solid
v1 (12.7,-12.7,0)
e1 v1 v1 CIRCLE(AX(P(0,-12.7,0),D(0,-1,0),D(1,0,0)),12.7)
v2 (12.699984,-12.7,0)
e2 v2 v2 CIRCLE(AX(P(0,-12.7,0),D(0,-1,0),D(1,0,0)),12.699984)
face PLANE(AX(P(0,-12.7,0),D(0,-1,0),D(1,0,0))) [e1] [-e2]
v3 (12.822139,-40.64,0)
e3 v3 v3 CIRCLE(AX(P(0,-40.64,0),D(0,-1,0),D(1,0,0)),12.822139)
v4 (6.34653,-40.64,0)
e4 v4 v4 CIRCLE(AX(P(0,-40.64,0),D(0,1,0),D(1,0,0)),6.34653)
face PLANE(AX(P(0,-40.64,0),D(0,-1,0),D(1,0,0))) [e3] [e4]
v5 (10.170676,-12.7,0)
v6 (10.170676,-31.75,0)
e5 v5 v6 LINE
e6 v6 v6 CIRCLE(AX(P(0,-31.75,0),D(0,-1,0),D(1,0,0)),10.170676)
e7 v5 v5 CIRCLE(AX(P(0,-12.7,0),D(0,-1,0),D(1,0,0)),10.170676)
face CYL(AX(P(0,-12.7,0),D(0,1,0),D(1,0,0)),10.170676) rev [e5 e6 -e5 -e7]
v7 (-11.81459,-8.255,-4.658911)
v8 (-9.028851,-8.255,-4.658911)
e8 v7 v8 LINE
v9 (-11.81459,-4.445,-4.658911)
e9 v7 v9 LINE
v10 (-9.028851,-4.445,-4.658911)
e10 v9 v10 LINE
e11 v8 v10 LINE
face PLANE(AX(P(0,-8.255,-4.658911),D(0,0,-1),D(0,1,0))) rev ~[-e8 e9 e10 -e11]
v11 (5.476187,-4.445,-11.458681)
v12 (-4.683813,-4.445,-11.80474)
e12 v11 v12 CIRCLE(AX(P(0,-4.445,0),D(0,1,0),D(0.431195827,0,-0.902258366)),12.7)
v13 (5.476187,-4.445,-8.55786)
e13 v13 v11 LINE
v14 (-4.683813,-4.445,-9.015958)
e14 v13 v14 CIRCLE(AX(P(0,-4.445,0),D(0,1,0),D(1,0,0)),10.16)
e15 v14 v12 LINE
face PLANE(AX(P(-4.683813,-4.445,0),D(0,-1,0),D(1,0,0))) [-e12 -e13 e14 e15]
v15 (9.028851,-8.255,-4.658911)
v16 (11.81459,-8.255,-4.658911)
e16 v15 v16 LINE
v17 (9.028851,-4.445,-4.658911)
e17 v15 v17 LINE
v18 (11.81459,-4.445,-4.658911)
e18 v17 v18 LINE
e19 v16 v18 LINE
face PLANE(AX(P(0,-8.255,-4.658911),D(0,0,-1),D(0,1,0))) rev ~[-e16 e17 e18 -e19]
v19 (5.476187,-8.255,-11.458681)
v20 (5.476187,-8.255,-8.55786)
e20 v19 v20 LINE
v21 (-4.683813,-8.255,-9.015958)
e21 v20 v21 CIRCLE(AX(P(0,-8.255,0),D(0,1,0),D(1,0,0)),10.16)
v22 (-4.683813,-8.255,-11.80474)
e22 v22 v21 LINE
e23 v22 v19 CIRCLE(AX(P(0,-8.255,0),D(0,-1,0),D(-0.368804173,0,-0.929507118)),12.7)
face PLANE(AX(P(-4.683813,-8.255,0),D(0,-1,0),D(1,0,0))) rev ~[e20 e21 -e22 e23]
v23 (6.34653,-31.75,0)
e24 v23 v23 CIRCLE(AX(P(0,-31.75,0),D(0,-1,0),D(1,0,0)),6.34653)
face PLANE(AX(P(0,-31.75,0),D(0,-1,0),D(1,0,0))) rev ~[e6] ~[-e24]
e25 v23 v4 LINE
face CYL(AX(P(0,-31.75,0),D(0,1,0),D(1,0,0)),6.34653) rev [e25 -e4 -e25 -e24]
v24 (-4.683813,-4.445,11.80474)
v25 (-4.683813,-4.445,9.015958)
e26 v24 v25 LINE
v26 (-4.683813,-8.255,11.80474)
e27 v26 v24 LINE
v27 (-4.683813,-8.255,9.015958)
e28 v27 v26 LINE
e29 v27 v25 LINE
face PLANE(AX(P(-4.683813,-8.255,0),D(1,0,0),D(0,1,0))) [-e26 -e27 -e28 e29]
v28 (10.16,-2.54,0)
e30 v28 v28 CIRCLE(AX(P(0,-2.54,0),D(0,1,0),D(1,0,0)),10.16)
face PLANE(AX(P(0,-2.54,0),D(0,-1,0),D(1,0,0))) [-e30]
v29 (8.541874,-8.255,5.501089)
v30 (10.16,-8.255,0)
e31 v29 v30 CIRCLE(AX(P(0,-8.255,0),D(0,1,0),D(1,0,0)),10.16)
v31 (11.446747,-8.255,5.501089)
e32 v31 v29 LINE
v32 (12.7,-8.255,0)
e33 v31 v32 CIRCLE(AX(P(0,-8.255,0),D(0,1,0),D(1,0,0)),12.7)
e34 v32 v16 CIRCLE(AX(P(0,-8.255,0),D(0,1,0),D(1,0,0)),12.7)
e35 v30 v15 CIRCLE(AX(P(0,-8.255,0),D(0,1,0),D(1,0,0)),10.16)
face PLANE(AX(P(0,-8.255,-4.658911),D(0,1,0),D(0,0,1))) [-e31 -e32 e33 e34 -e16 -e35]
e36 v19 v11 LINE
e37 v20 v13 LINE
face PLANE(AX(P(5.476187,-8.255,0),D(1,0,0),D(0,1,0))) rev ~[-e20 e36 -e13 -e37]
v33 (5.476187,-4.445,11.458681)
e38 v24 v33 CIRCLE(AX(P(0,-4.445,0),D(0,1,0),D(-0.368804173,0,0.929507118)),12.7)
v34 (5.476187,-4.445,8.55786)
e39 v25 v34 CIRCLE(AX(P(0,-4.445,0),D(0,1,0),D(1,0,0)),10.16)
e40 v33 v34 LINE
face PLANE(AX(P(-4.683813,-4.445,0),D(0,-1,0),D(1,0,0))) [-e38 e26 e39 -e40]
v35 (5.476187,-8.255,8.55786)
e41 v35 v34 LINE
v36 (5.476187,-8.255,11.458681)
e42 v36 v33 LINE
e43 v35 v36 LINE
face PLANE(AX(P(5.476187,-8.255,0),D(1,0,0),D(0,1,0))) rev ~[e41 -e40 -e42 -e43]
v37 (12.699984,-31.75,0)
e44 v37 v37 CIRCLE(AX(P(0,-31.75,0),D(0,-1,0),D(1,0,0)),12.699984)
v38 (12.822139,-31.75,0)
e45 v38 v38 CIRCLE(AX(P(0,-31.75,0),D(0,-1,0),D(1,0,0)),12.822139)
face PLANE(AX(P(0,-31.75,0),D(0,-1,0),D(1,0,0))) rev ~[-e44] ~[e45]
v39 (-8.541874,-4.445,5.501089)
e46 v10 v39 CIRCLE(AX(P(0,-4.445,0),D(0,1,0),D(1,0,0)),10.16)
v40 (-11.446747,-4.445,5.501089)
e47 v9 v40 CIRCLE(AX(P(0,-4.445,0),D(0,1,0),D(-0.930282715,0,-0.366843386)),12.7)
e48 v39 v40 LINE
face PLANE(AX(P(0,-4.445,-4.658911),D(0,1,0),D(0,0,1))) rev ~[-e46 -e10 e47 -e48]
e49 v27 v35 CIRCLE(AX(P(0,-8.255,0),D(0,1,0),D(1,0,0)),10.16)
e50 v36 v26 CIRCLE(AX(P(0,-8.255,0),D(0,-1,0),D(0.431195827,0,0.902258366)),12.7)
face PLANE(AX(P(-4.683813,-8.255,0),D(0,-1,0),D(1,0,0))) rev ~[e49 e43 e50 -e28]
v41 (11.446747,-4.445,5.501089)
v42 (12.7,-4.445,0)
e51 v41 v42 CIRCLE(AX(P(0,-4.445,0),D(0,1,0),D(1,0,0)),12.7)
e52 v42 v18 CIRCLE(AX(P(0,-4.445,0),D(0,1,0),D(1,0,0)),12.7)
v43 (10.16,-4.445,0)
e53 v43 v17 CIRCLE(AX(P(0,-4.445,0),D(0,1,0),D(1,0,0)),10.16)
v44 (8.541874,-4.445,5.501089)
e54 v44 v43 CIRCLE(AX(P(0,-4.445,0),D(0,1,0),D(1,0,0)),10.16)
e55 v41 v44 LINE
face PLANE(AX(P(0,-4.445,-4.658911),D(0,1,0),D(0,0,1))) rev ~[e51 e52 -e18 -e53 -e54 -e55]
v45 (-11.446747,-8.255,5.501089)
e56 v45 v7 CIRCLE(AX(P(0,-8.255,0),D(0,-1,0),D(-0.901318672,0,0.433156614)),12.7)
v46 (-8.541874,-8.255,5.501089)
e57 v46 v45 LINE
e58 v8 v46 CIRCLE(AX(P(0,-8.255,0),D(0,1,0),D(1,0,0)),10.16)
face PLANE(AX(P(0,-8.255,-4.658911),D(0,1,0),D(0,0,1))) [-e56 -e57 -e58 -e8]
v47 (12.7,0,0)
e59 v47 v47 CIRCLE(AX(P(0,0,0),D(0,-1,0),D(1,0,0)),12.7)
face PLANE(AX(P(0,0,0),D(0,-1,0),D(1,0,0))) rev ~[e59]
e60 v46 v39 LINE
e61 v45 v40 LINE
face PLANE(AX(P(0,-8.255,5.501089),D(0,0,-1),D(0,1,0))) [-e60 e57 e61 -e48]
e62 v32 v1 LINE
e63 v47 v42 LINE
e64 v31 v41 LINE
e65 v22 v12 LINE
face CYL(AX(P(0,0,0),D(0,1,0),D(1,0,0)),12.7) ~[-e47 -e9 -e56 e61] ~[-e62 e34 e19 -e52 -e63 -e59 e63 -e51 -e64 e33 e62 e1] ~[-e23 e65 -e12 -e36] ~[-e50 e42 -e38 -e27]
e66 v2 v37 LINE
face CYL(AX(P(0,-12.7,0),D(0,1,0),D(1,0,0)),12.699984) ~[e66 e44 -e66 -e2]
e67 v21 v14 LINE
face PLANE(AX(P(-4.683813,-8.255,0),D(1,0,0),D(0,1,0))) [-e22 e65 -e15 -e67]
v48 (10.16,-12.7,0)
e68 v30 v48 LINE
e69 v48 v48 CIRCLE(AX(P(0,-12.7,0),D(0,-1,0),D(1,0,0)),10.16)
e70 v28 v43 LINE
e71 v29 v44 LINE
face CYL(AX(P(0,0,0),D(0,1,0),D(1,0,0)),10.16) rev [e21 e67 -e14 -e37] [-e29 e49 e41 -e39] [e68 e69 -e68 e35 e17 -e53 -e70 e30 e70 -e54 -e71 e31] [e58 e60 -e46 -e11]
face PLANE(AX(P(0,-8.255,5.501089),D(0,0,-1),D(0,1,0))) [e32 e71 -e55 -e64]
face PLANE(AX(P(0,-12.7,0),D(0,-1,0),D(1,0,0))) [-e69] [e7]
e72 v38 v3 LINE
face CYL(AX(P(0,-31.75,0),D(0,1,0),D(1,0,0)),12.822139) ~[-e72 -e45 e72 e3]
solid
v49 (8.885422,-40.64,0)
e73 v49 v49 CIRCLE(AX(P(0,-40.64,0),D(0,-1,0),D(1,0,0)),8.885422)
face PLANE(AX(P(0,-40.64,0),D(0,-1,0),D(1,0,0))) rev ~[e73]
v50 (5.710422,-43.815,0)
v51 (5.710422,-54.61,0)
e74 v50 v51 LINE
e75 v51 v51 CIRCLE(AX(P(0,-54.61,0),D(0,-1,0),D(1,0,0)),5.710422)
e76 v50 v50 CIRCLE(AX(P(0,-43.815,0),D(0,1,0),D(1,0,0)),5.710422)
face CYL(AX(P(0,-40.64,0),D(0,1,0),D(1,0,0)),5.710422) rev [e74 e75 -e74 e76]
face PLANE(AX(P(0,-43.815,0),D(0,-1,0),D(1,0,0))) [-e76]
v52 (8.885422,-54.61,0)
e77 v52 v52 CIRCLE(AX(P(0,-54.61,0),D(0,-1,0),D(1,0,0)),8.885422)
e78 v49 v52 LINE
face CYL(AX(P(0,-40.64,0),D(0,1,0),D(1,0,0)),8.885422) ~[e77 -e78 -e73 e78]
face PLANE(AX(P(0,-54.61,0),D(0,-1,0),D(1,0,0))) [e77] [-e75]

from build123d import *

# Parameters (mm, degrees)
F0_R      = 12.7
F1_DEPTH  = 12.7
F4_T      = -2.54
F2_W      = 3.81
F2_H      = 10.16
F5_DEPTH  = 12.7
F3_W      = 10.16
F3_H      = 3.81
F6_DEPTH  = 12.7
F8_R      = 12.699984
F8_R_2    = 10.170676
F9_DEPTH  = 19.05
F11_R     = 12.822139
F12_DEPTH = 8.89
F13_R     = 6.34653
F14_DEPTH = 10.414
F16_R     = 8.885422
F17_DEPTH = 13.97
F18_T     = -3.175


with BuildPart() as f1:
    # F0 (on Front) → F1 (new body)
    with BuildSketch(Plane.XZ):
        Circle(F0_R)
    extrude(amount=F1_DEPTH)

    # F4
    f4_openings = [f1.faces().sort_by_distance(p)[0] for p in [
        (0, -12.7, 0),
    ]]
    offset(amount=F4_T, openings=f4_openings)

    # F2 (on Right) → F5 (cut, symmetric)
    with BuildSketch(Plane.YZ):
        with Locations((-6.35, 0.421089)):
            Rectangle(F2_W, F2_H)
    extrude(amount=F5_DEPTH, both=True, mode=Mode.SUBTRACT)

    # F3 (on Top) → F6 (cut, symmetric)
    with BuildSketch(Plane.XY):
        with Locations((0.396187, -6.35)):
            Rectangle(F3_W, F3_H)
    extrude(amount=F6_DEPTH, both=True, mode=Mode.SUBTRACT)

    # F8 (on offset) → F9 (join)
    with BuildSketch(Plane.XZ.offset(12.7)):
        Circle(F8_R)
        Circle(F8_R_2, mode=Mode.SUBTRACT)
    extrude(amount=F9_DEPTH)

    # F11 (on offset) → F12 (join)
    with BuildSketch(Plane.XZ.offset(31.75)):
        Circle(F11_R)
    extrude(amount=F12_DEPTH)

    # F13 (on offset) → F14 (cut)
    with BuildSketch(Plane.XZ.offset(31.75)):
        Circle(F13_R)
    extrude(amount=F14_DEPTH, mode=Mode.SUBTRACT)


with BuildPart() as f17:
    # F16 (on offset) → F17 (new body)
    with BuildSketch(Plane.XZ.offset(40.64)):
        Circle(F16_R)
    extrude(amount=F17_DEPTH)

    # F18
    f18_openings = [f17.faces().sort_by_distance(p)[0] for p in [
        (0, -54.61, 0),
    ]]
    offset(amount=F18_T, openings=f18_openings)


solid = Compound([f1.part, f17.part])
